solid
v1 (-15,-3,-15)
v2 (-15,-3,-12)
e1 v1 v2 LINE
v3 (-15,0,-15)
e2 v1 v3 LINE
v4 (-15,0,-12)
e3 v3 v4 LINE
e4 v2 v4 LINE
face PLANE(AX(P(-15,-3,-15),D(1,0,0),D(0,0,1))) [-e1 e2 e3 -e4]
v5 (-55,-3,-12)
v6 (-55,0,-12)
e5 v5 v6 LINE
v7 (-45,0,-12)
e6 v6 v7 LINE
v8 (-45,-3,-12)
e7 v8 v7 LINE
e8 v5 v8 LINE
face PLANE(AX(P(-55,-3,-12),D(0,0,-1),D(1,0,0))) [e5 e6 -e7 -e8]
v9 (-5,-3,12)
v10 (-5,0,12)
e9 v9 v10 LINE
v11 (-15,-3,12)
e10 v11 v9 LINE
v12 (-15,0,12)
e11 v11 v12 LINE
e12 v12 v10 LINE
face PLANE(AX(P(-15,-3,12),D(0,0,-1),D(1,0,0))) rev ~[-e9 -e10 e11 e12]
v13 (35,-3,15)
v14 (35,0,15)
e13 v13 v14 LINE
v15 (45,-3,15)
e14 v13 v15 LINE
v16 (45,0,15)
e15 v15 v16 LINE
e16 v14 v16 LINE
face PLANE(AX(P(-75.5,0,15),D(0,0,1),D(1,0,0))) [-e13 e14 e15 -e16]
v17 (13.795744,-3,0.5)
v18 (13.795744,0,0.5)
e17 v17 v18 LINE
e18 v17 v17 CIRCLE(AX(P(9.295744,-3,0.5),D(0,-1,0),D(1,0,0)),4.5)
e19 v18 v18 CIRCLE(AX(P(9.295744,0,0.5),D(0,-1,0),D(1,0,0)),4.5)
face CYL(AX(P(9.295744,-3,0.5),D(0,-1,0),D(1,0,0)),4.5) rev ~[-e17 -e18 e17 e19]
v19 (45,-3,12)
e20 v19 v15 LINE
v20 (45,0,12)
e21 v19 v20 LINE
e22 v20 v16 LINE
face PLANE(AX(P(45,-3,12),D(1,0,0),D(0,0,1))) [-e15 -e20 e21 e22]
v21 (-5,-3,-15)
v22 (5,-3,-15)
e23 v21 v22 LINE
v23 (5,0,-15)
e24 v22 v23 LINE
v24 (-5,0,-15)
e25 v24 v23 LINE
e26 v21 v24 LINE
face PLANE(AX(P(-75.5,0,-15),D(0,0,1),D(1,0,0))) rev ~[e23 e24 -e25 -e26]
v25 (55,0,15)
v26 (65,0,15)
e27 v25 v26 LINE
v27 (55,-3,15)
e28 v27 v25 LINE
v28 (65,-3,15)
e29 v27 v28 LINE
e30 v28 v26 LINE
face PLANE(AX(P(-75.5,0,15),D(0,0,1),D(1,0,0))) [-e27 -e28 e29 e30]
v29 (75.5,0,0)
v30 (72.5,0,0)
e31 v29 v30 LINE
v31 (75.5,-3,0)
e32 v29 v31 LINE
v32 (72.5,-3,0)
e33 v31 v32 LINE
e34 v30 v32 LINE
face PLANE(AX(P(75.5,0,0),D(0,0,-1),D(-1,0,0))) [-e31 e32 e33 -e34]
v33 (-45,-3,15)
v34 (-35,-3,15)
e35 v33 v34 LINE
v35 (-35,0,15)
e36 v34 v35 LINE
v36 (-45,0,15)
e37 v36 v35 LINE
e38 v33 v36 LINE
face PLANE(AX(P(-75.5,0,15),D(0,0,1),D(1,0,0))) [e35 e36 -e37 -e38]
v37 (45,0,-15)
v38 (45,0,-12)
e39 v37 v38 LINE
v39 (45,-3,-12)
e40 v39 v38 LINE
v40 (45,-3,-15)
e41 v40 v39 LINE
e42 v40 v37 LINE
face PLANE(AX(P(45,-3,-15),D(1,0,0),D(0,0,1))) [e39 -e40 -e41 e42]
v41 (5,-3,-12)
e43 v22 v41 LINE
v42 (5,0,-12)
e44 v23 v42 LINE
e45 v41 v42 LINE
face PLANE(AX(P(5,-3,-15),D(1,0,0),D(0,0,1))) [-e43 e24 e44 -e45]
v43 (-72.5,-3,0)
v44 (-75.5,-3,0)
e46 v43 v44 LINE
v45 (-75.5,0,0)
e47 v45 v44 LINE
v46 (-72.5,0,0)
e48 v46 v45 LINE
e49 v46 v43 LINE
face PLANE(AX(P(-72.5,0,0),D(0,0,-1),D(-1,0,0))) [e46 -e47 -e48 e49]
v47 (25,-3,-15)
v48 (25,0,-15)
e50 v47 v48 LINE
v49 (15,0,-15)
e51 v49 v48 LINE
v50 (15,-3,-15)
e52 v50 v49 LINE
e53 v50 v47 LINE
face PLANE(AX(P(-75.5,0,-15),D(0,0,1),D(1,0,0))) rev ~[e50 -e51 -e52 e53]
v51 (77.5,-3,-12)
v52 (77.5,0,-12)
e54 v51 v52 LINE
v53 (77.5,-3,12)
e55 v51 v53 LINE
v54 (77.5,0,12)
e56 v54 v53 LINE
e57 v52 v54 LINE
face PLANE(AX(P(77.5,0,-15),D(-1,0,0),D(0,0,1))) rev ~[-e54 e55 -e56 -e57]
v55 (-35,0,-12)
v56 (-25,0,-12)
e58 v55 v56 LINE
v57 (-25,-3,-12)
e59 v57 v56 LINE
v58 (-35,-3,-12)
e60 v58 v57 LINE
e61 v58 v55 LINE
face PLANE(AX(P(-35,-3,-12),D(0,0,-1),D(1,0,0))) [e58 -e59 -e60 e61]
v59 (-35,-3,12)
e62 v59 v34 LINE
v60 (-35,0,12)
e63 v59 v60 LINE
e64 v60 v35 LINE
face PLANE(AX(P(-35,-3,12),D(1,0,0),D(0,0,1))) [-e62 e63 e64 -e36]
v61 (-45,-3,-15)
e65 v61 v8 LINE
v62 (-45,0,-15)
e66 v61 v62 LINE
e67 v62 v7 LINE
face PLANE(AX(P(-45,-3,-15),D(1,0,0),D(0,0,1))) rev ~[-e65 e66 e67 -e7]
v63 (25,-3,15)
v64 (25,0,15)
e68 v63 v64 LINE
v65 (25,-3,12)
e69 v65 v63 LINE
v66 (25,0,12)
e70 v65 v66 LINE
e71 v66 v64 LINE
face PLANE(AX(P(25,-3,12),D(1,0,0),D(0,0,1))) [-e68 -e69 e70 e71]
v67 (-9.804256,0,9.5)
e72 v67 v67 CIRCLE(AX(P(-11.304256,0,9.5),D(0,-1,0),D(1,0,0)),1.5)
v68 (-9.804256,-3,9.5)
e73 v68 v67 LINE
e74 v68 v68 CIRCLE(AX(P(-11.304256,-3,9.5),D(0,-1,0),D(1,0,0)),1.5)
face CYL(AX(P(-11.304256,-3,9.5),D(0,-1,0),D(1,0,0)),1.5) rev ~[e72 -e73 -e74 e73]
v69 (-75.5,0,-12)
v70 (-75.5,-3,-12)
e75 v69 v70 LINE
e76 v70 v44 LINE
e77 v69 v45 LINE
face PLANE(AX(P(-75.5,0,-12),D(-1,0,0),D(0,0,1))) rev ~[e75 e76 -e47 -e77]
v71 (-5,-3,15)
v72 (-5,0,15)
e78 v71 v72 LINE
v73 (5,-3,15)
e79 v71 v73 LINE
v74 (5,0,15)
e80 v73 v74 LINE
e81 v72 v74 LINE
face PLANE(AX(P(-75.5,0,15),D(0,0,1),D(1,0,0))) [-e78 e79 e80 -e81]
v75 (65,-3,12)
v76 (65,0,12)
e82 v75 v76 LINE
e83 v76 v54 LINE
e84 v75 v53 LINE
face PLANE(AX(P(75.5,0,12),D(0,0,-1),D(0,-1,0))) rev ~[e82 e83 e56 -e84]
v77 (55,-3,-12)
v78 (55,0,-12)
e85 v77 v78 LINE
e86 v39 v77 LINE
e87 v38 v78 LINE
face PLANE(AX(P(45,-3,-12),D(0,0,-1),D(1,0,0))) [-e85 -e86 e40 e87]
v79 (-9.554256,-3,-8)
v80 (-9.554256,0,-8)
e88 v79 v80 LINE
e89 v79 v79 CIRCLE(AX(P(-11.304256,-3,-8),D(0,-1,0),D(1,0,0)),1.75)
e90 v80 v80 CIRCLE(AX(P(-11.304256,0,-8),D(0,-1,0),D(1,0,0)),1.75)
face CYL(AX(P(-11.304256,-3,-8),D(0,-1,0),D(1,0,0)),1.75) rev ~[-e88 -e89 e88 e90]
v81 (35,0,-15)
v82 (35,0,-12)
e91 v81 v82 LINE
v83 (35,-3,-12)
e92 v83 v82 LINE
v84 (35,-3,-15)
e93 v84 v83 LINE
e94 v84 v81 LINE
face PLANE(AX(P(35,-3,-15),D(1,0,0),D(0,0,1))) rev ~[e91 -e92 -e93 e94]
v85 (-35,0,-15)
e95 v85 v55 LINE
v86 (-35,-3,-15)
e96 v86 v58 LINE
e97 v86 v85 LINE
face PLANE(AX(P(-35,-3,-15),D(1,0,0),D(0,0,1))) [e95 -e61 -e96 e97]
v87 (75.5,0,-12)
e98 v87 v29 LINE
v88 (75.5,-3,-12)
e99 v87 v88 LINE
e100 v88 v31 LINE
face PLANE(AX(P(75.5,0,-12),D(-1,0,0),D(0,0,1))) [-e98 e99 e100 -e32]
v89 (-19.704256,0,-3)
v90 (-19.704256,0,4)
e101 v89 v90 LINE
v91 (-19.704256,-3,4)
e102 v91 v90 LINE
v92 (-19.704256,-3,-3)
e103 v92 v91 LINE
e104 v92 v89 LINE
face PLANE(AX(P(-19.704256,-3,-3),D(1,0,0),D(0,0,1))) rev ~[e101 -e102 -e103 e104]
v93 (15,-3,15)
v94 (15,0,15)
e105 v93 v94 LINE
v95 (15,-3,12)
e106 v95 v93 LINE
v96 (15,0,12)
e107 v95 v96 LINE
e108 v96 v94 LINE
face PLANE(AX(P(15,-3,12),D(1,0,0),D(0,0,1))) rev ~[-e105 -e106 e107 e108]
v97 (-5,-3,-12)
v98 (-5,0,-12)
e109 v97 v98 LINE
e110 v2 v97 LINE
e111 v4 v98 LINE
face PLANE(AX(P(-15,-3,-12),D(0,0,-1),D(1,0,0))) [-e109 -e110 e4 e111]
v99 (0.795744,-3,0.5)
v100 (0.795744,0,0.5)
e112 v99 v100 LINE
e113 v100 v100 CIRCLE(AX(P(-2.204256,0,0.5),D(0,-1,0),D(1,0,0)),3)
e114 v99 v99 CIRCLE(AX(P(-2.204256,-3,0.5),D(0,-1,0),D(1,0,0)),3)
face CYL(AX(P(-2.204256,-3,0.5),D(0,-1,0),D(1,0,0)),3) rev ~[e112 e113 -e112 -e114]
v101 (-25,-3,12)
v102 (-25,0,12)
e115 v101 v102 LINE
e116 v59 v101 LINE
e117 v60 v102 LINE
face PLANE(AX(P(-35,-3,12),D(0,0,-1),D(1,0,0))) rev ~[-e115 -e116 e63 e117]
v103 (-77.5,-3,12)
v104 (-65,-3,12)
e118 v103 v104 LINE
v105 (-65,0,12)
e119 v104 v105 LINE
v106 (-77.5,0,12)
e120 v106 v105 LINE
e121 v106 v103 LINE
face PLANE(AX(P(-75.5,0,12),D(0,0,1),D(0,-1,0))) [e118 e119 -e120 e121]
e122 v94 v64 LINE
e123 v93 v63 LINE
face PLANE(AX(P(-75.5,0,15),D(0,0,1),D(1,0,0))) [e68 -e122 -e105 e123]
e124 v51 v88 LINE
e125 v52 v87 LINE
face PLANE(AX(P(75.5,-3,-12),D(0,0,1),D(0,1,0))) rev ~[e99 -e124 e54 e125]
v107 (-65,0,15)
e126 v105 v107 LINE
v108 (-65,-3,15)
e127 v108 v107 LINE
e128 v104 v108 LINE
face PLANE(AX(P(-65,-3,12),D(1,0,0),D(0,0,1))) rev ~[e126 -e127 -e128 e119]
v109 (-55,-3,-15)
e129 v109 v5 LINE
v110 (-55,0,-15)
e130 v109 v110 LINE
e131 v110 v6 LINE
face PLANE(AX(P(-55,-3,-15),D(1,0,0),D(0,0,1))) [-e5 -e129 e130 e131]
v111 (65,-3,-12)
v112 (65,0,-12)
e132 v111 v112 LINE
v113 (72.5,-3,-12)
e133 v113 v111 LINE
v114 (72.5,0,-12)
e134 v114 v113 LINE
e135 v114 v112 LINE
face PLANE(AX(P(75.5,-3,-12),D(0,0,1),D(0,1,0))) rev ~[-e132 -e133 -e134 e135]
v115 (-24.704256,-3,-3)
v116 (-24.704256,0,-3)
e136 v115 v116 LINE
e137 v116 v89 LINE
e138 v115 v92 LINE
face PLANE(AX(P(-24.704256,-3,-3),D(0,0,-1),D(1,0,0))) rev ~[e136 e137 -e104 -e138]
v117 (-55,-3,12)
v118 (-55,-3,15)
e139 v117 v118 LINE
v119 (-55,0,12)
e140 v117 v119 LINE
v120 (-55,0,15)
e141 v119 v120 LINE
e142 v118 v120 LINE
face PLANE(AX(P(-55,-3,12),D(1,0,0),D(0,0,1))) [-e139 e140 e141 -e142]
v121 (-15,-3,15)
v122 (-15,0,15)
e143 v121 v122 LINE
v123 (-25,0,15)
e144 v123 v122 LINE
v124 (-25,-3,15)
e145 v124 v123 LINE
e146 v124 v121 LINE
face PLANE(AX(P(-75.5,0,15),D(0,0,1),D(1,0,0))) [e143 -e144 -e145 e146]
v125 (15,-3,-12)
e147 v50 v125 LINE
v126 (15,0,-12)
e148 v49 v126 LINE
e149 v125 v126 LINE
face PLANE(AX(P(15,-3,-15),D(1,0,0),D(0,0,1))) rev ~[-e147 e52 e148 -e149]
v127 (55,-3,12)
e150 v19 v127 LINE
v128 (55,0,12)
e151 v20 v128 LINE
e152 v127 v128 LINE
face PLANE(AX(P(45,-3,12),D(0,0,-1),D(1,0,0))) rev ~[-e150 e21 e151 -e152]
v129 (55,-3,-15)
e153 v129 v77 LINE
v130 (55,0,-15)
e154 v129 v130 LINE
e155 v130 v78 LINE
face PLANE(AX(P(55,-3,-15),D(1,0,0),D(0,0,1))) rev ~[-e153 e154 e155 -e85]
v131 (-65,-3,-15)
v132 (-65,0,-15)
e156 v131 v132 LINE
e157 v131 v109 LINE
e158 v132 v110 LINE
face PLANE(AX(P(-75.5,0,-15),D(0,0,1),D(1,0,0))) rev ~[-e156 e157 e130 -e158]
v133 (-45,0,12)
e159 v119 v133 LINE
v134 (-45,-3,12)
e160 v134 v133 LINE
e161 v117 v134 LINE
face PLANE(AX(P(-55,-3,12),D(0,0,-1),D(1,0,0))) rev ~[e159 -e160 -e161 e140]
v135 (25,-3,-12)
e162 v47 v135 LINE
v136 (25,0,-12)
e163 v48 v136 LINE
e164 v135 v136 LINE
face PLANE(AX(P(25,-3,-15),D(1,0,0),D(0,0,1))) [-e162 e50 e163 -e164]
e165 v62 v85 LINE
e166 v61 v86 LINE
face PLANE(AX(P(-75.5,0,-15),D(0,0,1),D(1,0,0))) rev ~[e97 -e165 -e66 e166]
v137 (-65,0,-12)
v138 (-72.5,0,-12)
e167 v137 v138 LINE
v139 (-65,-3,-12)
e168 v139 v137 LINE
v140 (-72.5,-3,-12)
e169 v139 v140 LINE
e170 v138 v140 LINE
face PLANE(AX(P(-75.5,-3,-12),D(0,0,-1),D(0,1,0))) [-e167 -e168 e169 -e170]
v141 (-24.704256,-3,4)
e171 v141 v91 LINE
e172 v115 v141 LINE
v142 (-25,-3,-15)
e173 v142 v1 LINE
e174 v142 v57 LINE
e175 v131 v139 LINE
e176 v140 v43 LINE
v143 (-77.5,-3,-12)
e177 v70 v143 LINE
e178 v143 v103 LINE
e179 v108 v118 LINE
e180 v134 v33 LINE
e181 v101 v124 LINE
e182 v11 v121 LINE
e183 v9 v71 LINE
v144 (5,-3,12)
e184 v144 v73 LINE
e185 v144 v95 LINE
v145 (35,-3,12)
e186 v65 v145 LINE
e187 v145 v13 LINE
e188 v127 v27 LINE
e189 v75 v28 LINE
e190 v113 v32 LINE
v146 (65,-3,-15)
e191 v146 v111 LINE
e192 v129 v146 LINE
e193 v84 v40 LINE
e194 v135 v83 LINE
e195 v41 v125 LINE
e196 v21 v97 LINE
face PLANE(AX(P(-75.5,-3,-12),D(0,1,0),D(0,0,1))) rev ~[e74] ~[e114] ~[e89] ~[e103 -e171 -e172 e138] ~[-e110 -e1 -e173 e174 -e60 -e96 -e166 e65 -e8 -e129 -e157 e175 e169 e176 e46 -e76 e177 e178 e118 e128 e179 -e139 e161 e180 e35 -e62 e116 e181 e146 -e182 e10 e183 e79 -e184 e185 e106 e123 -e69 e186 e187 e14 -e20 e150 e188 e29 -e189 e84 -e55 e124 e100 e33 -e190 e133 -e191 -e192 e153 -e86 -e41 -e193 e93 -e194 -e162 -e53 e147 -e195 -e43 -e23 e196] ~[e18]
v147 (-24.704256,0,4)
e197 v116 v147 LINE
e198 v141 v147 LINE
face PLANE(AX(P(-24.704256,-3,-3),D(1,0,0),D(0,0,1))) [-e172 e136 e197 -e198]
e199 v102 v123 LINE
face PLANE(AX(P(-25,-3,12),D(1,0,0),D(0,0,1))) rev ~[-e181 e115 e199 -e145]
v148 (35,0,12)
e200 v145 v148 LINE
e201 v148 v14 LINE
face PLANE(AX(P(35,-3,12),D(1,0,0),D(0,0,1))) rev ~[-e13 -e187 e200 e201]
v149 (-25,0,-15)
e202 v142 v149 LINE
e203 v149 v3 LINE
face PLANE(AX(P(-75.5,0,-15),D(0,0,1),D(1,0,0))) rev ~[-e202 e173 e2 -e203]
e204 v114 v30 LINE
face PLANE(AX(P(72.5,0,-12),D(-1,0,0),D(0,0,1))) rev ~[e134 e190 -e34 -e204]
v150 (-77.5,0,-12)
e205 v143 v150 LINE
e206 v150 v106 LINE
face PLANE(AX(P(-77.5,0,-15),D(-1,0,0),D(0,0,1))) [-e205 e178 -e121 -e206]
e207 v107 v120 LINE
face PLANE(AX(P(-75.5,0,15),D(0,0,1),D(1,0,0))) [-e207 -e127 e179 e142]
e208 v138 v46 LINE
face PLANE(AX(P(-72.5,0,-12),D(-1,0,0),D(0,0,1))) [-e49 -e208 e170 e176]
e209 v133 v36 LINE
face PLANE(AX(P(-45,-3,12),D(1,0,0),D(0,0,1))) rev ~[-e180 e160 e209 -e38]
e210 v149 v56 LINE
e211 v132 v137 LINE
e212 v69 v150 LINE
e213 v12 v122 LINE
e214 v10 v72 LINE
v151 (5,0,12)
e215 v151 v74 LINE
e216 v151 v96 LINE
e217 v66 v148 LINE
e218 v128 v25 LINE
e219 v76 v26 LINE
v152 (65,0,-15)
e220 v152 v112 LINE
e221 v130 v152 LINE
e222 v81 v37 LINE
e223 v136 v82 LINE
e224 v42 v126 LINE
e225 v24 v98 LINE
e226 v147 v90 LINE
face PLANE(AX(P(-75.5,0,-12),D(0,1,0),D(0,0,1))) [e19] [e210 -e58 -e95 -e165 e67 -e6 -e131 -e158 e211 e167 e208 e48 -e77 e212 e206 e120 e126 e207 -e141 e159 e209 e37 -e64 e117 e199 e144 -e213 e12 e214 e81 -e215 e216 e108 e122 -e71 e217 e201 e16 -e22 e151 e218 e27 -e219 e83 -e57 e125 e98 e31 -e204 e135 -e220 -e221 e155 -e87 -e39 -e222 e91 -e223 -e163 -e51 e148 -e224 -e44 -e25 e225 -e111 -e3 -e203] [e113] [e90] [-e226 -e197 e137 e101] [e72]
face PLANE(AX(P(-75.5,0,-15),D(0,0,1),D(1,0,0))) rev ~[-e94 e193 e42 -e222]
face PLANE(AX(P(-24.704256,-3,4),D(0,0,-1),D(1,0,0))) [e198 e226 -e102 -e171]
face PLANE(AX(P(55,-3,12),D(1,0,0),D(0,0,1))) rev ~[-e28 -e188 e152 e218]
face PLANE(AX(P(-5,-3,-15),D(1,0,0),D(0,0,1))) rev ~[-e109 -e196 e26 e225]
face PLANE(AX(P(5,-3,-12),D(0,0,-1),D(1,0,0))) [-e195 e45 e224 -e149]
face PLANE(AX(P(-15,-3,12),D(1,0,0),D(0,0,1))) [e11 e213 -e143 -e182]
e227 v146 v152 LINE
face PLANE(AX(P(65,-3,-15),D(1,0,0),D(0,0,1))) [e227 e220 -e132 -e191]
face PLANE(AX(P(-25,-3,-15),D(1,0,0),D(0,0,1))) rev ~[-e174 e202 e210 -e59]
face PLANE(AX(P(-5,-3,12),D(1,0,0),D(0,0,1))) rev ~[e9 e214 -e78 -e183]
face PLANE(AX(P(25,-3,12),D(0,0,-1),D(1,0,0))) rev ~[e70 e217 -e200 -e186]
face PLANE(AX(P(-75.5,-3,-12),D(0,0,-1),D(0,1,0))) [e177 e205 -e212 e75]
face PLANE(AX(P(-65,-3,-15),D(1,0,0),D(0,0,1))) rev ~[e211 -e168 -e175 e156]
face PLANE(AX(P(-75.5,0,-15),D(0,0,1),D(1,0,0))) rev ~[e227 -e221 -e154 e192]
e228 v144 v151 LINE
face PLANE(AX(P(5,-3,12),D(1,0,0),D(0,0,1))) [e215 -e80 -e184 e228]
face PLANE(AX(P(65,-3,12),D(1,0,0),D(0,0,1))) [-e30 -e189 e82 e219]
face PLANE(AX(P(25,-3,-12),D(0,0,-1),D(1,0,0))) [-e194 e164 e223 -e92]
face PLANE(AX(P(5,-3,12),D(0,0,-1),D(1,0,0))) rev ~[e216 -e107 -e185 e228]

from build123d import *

# Parameters (mm, degrees)
F0_W     = 151
F0_H     = 30
F1_DEPTH = 3
F2_W     = 5
F2_H     = 3
F2_W_2   = 6.4484283328
F2_W_3   = 10
F2_W_4   = 3.5515716672
F2_R     = 4.5
F2_R_2   = 1.5
F2_R_3   = 1.75
F2_R_4   = 3
F2_H_2   = 7
F3_DEPTH = 25
F4_DEPTH = 2
F5_DEPTH = 2
F6_W     = 3
F6_H     = 12
F7_DEPTH = 25


with BuildPart() as f1:
    # F0 (on Front) → F1 (new body)
    with BuildSketch(Plane.XZ):
        Rectangle(F0_W, F0_H)
    extrude(amount=F1_DEPTH)

    # F2 (on face) → F3 (cut)
    with BuildSketch(Plane.XZ.offset(3)):
        with Locations((-72.5, -13.5)):
            Rectangle(F2_W, F2_H)
        with Locations((-78.2242141664, -13.5)):
            Rectangle(F2_W_2, F2_H)
        with Locations((-67.5, -13.5)):
            Rectangle(F2_W, F2_H)
        with Locations((-72.5, 13.5)):
            Rectangle(F2_W, F2_H)
        with Locations((-78.2242141664, 13.5)):
            Rectangle(F2_W_2, F2_H)
        with Locations((-67.5, 13.5)):
            Rectangle(F2_W, F2_H)
        with Locations((-50, -13.5)):
            Rectangle(F2_W_3, F2_H)
        with Locations((-50, 13.5)):
            Rectangle(F2_W_3, F2_H)
        with Locations((-30, -13.5)):
            Rectangle(F2_W_3, F2_H)
        with Locations((-30, 13.5)):
            Rectangle(F2_W_3, F2_H)
        with Locations((-10, -13.5)):
            Rectangle(F2_W_3, F2_H)
        with Locations((-10, 13.5)):
            Rectangle(F2_W_3, F2_H)
        with Locations((10, -13.5)):
            Rectangle(F2_W_3, F2_H)
        with Locations((10, 13.5)):
            Rectangle(F2_W_3, F2_H)
        with Locations((30, -13.5)):
            Rectangle(F2_W_3, F2_H)
        with Locations((30, 13.5)):
            Rectangle(F2_W_3, F2_H)
        with Locations((50, -13.5)):
            Rectangle(F2_W_3, F2_H)
        with Locations((50, 13.5)):
            Rectangle(F2_W_3, F2_H)
        with Locations((66.7757858336, -13.5)):
            Rectangle(F2_W_4, F2_H)
        with Locations((71.7757858336, -13.5)):
            Rectangle(F2_W_2, F2_H)
        with Locations((77.5, -13.5)):
            Rectangle(F2_W, F2_H)
        with Locations((66.7757858336, 13.5)):
            Rectangle(F2_W_4, F2_H)
        with Locations((71.7757858336, 13.5)):
            Rectangle(F2_W_2, F2_H)
        with Locations((77.5, 13.5)):
            Rectangle(F2_W, F2_H)
        with Locations((9.2957439325, 0.5)):
            Circle(F2_R)
        with Locations((-11.3042560675, 9.5)):
            Circle(F2_R_2)
        with Locations((-11.3042560675, -8)):
            Circle(F2_R_3)
        with Locations((-2.2042560675, 0.5)):
            Circle(F2_R_4)
        with Locations((-22.2042560675, 0.5)):
            Rectangle(F2_W, F2_H_2)
    extrude(amount=-F3_DEPTH, mode=Mode.SUBTRACT)

    # F4 (add): a face of the model
    f4_faces = [f1.faces().sort_by_distance(p)[0] for p in [
        (75.5, -1.5, 0),
    ]]
    extrude(f4_faces, amount=F4_DEPTH)

    # F5 (add): a face of the model
    f5_faces = [f1.faces().sort_by_distance(p)[0] for p in [
        (-75.5, -1.5, 0),
    ]]
    extrude(f5_faces, amount=F5_DEPTH)

    # F6 (on face) → F7 (cut)
    with BuildSketch(Plane(origin=(0, 0, 0), x_dir=(-1, 0, 0), z_dir=(0, 1, 0))):
        with Locations((74, -6)):
            Rectangle(F6_W, F6_H)
        with Locations((-74, -6)):
            Rectangle(F6_W, F6_H)
    extrude(amount=-F7_DEPTH, mode=Mode.SUBTRACT)


solid = f1.part
